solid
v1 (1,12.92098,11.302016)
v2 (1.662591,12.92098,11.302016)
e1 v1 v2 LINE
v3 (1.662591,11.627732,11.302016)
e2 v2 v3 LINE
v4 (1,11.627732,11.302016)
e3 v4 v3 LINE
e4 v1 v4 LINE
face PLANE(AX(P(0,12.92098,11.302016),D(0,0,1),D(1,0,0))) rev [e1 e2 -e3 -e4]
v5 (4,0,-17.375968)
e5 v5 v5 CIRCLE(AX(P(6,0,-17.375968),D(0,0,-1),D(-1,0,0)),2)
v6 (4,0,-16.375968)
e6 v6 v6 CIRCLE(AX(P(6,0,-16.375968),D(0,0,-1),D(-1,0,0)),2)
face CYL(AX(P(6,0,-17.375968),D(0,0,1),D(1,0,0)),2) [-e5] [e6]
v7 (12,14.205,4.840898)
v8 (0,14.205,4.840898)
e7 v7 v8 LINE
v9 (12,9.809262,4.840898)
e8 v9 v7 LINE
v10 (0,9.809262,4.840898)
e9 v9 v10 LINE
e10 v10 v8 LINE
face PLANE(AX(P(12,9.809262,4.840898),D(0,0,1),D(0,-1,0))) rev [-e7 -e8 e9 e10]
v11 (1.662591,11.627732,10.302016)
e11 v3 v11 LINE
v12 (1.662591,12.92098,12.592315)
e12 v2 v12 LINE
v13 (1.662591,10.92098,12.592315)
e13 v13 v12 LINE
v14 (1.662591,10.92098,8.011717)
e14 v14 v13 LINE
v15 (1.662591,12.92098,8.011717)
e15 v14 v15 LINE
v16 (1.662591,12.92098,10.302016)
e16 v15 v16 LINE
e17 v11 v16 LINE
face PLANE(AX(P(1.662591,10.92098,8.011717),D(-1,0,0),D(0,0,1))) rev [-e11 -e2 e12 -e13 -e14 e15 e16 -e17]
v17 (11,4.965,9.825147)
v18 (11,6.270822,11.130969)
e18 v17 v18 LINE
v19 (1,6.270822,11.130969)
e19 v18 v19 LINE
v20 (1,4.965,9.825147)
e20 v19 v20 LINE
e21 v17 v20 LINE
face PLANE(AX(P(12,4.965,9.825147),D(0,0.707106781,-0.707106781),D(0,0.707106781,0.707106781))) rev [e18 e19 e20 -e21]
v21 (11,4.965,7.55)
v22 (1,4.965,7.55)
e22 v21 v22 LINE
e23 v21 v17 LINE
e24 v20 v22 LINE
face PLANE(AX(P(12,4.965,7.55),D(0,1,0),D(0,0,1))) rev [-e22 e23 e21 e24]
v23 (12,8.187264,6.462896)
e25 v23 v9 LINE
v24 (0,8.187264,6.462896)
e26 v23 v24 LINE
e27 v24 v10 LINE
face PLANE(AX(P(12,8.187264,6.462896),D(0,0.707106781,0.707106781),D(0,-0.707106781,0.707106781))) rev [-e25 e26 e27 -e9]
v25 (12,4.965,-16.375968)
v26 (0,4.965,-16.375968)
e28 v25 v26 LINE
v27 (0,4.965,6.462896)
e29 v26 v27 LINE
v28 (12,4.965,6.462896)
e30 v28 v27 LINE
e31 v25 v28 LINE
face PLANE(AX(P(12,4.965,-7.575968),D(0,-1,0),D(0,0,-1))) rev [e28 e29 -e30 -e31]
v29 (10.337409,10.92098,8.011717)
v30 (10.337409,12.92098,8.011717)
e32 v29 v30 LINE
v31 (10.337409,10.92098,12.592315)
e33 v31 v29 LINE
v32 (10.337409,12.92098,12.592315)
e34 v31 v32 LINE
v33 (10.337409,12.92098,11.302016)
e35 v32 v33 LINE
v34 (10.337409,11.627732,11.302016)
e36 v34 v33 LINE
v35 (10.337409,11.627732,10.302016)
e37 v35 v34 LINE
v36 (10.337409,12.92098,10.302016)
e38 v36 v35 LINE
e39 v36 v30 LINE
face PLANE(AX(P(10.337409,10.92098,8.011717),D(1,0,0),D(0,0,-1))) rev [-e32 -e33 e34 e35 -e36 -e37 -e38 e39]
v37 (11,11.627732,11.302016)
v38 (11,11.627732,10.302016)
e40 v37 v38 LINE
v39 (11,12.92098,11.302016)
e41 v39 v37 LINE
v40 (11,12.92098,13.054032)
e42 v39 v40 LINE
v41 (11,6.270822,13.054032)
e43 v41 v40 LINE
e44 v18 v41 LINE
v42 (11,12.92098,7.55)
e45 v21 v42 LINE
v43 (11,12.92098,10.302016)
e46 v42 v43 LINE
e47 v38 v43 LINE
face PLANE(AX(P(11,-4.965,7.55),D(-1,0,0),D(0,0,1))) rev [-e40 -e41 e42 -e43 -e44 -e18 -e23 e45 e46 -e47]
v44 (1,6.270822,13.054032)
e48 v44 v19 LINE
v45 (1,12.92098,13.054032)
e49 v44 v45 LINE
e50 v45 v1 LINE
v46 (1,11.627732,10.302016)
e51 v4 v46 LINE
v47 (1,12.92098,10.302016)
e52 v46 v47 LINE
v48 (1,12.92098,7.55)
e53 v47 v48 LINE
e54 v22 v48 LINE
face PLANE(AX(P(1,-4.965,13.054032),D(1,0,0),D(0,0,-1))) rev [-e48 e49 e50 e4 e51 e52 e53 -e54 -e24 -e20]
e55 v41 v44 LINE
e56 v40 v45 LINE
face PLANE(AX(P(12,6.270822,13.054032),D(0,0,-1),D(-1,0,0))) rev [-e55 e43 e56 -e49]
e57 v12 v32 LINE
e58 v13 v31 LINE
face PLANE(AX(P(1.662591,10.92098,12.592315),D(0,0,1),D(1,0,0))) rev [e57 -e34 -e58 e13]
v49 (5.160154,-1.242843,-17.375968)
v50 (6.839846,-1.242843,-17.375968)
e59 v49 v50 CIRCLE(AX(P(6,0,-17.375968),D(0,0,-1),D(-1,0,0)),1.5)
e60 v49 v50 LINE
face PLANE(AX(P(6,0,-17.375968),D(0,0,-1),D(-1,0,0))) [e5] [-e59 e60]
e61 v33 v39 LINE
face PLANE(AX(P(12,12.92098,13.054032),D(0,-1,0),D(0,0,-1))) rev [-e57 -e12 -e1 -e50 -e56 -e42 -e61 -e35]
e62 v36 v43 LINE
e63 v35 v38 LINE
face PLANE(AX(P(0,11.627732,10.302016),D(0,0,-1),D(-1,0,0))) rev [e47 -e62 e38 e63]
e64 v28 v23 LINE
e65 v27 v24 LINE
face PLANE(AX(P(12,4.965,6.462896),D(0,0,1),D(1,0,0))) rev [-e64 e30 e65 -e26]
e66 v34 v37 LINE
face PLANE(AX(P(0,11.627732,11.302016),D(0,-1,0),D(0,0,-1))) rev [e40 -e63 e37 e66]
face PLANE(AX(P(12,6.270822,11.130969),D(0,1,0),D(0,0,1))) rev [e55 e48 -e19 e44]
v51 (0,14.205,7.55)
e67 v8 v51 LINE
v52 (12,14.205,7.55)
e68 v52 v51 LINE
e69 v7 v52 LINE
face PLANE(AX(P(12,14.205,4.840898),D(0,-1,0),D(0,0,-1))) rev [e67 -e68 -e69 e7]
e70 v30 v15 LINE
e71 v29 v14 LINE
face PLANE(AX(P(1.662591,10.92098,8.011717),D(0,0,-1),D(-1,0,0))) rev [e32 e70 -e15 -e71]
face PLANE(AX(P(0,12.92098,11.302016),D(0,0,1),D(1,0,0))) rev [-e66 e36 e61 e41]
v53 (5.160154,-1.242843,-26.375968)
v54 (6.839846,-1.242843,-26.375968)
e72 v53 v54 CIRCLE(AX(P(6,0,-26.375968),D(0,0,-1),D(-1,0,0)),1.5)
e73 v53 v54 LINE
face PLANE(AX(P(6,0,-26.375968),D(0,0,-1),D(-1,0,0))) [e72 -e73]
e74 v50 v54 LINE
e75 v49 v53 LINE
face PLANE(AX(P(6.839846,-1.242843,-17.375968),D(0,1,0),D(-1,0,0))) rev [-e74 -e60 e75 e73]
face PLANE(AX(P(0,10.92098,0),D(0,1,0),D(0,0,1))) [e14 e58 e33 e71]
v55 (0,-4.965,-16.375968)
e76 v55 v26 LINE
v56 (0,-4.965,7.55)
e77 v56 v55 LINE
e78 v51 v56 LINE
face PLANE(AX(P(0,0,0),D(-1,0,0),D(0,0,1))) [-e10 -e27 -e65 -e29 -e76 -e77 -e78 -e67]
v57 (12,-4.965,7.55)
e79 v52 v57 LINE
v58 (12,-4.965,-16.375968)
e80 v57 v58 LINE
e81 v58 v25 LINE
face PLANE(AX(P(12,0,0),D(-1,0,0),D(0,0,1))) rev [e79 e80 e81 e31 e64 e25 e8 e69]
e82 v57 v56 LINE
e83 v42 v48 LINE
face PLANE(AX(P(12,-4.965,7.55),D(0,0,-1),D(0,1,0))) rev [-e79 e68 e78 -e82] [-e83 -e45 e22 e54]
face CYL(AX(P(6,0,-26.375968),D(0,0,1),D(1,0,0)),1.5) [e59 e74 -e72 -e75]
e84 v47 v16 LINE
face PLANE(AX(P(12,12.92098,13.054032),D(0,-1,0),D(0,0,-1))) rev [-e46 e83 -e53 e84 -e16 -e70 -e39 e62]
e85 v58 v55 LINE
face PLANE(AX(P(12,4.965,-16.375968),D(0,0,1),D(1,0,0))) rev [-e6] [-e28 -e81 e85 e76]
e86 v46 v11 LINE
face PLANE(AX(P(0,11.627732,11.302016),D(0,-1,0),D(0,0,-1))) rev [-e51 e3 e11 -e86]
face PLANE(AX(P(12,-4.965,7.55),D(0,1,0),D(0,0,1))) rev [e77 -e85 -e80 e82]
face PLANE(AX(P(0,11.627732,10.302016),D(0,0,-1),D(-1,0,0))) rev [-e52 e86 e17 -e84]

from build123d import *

# Parameters (mm, degrees)
BOSS_EXTRUDE2_DEPTH = 12
SKETCH2_R           = 2
BOSS_EXTRUDE3_DEPTH = 1
SKETCH3_R           = 1.5
BOSS_EXTRUDE4_DEPTH = 9
CUT_EXTRUDE1_START  = -9
CUT_EXTRUDE1_DEPTH  = 9
SKETCH5_W           = 1
SKETCH5_H           = 5.504032185
CUT_EXTRUDE2_DEPTH  = 35.052899636
SKETCH6_W           = 1
SKETCH6_H           = 1.293248053
CUT_EXTRUDE3_DEPTH  = 32.913534796
SKETCH7_W           = 8.674818334
SKETCH7_H           = 4.580598429
CUT_EXTRUDE4_DEPTH  = 2


with BuildPart() as part:
    # Sketch1 → Boss-Extrude2 (new body)
    with BuildSketch(Plane(origin=(0, 0, 0), x_dir=(0, 0, -1), z_dir=(1, 0, 0))):
        Polygon((7.575967815, 4.965), (-6.46289635, 4.965), (-6.46289635, 8.187263597), (-4.840898274, 9.809261674), (-4.840898274, 14.205), (-7.55, 14.205), (-7.55, 12.920980416), (-13.054032185, 12.920980416), (-13.054032185, 6.270822131), (-11.130968968, 6.270822131), (-9.825146836, 4.965), (-7.55, 4.965), (-7.55, -4.965), (7.55, -4.965), (16.375967815, -4.965), (16.375967815, 4.965), align=None)
    extrude(amount=BOSS_EXTRUDE2_DEPTH)

    # Sketch2 → Boss-Extrude3 (add)
    with BuildSketch(Plane(origin=(0, 0, -16.375967815), x_dir=(-1, 0, 0), z_dir=(0, 0, -1))):
        with Locations((-6, 0)):
            Circle(SKETCH2_R)
    extrude(amount=BOSS_EXTRUDE3_DEPTH)

    # Sketch3 → Boss-Extrude4 (add)
    with BuildSketch(Plane(origin=(0, 0, -17.375967815), x_dir=(-1, 0, 0), z_dir=(0, 0, -1))):
        with Locations((-6, 0)):
            Circle(SKETCH3_R)
    extrude(amount=BOSS_EXTRUDE4_DEPTH)

    # Sketch4 → Cut-Extrude1 (cut)
    with BuildSketch(Plane(origin=(0, 0, -26.375967815), x_dir=(-1, 0, 0), z_dir=(0, 0, -1)).offset(CUT_EXTRUDE1_START)):
        with BuildLine():
            Line((-6.839845518, -1.242843315), (-5.160154482, -1.242843315))
            ThreePointArc((-5.160154482, -1.242843315), (-6, -1.5), (-6.839845518, -1.242843315))
        make_face()
    extrude(amount=CUT_EXTRUDE1_DEPTH, mode=Mode.SUBTRACT)

    # Sketch5 → Cut-Extrude2 (cut, through all)
    with BuildSketch(Plane(origin=(0, 12.920980416, 0), x_dir=(1, 0, 0), z_dir=(0, 1, 0))):
        with Locations((11.5, -10.302016093)):
            Rectangle(SKETCH5_W, SKETCH5_H)
        with Locations((0.5, -10.302016093)):
            Rectangle(SKETCH5_W, SKETCH5_H)
    extrude(amount=-CUT_EXTRUDE2_DEPTH, mode=Mode.SUBTRACT)

    # Sketch6 → Cut-Extrude3 (cut, through all)
    with BuildSketch(Plane(origin=(11, 0, 0), x_dir=(0, 0, -1), z_dir=(1, 0, 0))):
        with Locations((-10.802016092, 12.27435639)):
            Rectangle(SKETCH6_W, SKETCH6_H)
    extrude(amount=-CUT_EXTRUDE3_DEPTH, mode=Mode.SUBTRACT)

    # Sketch7 → Cut-Extrude4 (cut)
    with BuildSketch(Plane(origin=(0, 12.920980416, 0), x_dir=(1, 0, 0), z_dir=(0, 1, 0))):
        with Locations((6, -10.302016093)):
            Rectangle(SKETCH7_W, SKETCH7_H)
    extrude(amount=-CUT_EXTRUDE4_DEPTH, mode=Mode.SUBTRACT)


solid = part.part
